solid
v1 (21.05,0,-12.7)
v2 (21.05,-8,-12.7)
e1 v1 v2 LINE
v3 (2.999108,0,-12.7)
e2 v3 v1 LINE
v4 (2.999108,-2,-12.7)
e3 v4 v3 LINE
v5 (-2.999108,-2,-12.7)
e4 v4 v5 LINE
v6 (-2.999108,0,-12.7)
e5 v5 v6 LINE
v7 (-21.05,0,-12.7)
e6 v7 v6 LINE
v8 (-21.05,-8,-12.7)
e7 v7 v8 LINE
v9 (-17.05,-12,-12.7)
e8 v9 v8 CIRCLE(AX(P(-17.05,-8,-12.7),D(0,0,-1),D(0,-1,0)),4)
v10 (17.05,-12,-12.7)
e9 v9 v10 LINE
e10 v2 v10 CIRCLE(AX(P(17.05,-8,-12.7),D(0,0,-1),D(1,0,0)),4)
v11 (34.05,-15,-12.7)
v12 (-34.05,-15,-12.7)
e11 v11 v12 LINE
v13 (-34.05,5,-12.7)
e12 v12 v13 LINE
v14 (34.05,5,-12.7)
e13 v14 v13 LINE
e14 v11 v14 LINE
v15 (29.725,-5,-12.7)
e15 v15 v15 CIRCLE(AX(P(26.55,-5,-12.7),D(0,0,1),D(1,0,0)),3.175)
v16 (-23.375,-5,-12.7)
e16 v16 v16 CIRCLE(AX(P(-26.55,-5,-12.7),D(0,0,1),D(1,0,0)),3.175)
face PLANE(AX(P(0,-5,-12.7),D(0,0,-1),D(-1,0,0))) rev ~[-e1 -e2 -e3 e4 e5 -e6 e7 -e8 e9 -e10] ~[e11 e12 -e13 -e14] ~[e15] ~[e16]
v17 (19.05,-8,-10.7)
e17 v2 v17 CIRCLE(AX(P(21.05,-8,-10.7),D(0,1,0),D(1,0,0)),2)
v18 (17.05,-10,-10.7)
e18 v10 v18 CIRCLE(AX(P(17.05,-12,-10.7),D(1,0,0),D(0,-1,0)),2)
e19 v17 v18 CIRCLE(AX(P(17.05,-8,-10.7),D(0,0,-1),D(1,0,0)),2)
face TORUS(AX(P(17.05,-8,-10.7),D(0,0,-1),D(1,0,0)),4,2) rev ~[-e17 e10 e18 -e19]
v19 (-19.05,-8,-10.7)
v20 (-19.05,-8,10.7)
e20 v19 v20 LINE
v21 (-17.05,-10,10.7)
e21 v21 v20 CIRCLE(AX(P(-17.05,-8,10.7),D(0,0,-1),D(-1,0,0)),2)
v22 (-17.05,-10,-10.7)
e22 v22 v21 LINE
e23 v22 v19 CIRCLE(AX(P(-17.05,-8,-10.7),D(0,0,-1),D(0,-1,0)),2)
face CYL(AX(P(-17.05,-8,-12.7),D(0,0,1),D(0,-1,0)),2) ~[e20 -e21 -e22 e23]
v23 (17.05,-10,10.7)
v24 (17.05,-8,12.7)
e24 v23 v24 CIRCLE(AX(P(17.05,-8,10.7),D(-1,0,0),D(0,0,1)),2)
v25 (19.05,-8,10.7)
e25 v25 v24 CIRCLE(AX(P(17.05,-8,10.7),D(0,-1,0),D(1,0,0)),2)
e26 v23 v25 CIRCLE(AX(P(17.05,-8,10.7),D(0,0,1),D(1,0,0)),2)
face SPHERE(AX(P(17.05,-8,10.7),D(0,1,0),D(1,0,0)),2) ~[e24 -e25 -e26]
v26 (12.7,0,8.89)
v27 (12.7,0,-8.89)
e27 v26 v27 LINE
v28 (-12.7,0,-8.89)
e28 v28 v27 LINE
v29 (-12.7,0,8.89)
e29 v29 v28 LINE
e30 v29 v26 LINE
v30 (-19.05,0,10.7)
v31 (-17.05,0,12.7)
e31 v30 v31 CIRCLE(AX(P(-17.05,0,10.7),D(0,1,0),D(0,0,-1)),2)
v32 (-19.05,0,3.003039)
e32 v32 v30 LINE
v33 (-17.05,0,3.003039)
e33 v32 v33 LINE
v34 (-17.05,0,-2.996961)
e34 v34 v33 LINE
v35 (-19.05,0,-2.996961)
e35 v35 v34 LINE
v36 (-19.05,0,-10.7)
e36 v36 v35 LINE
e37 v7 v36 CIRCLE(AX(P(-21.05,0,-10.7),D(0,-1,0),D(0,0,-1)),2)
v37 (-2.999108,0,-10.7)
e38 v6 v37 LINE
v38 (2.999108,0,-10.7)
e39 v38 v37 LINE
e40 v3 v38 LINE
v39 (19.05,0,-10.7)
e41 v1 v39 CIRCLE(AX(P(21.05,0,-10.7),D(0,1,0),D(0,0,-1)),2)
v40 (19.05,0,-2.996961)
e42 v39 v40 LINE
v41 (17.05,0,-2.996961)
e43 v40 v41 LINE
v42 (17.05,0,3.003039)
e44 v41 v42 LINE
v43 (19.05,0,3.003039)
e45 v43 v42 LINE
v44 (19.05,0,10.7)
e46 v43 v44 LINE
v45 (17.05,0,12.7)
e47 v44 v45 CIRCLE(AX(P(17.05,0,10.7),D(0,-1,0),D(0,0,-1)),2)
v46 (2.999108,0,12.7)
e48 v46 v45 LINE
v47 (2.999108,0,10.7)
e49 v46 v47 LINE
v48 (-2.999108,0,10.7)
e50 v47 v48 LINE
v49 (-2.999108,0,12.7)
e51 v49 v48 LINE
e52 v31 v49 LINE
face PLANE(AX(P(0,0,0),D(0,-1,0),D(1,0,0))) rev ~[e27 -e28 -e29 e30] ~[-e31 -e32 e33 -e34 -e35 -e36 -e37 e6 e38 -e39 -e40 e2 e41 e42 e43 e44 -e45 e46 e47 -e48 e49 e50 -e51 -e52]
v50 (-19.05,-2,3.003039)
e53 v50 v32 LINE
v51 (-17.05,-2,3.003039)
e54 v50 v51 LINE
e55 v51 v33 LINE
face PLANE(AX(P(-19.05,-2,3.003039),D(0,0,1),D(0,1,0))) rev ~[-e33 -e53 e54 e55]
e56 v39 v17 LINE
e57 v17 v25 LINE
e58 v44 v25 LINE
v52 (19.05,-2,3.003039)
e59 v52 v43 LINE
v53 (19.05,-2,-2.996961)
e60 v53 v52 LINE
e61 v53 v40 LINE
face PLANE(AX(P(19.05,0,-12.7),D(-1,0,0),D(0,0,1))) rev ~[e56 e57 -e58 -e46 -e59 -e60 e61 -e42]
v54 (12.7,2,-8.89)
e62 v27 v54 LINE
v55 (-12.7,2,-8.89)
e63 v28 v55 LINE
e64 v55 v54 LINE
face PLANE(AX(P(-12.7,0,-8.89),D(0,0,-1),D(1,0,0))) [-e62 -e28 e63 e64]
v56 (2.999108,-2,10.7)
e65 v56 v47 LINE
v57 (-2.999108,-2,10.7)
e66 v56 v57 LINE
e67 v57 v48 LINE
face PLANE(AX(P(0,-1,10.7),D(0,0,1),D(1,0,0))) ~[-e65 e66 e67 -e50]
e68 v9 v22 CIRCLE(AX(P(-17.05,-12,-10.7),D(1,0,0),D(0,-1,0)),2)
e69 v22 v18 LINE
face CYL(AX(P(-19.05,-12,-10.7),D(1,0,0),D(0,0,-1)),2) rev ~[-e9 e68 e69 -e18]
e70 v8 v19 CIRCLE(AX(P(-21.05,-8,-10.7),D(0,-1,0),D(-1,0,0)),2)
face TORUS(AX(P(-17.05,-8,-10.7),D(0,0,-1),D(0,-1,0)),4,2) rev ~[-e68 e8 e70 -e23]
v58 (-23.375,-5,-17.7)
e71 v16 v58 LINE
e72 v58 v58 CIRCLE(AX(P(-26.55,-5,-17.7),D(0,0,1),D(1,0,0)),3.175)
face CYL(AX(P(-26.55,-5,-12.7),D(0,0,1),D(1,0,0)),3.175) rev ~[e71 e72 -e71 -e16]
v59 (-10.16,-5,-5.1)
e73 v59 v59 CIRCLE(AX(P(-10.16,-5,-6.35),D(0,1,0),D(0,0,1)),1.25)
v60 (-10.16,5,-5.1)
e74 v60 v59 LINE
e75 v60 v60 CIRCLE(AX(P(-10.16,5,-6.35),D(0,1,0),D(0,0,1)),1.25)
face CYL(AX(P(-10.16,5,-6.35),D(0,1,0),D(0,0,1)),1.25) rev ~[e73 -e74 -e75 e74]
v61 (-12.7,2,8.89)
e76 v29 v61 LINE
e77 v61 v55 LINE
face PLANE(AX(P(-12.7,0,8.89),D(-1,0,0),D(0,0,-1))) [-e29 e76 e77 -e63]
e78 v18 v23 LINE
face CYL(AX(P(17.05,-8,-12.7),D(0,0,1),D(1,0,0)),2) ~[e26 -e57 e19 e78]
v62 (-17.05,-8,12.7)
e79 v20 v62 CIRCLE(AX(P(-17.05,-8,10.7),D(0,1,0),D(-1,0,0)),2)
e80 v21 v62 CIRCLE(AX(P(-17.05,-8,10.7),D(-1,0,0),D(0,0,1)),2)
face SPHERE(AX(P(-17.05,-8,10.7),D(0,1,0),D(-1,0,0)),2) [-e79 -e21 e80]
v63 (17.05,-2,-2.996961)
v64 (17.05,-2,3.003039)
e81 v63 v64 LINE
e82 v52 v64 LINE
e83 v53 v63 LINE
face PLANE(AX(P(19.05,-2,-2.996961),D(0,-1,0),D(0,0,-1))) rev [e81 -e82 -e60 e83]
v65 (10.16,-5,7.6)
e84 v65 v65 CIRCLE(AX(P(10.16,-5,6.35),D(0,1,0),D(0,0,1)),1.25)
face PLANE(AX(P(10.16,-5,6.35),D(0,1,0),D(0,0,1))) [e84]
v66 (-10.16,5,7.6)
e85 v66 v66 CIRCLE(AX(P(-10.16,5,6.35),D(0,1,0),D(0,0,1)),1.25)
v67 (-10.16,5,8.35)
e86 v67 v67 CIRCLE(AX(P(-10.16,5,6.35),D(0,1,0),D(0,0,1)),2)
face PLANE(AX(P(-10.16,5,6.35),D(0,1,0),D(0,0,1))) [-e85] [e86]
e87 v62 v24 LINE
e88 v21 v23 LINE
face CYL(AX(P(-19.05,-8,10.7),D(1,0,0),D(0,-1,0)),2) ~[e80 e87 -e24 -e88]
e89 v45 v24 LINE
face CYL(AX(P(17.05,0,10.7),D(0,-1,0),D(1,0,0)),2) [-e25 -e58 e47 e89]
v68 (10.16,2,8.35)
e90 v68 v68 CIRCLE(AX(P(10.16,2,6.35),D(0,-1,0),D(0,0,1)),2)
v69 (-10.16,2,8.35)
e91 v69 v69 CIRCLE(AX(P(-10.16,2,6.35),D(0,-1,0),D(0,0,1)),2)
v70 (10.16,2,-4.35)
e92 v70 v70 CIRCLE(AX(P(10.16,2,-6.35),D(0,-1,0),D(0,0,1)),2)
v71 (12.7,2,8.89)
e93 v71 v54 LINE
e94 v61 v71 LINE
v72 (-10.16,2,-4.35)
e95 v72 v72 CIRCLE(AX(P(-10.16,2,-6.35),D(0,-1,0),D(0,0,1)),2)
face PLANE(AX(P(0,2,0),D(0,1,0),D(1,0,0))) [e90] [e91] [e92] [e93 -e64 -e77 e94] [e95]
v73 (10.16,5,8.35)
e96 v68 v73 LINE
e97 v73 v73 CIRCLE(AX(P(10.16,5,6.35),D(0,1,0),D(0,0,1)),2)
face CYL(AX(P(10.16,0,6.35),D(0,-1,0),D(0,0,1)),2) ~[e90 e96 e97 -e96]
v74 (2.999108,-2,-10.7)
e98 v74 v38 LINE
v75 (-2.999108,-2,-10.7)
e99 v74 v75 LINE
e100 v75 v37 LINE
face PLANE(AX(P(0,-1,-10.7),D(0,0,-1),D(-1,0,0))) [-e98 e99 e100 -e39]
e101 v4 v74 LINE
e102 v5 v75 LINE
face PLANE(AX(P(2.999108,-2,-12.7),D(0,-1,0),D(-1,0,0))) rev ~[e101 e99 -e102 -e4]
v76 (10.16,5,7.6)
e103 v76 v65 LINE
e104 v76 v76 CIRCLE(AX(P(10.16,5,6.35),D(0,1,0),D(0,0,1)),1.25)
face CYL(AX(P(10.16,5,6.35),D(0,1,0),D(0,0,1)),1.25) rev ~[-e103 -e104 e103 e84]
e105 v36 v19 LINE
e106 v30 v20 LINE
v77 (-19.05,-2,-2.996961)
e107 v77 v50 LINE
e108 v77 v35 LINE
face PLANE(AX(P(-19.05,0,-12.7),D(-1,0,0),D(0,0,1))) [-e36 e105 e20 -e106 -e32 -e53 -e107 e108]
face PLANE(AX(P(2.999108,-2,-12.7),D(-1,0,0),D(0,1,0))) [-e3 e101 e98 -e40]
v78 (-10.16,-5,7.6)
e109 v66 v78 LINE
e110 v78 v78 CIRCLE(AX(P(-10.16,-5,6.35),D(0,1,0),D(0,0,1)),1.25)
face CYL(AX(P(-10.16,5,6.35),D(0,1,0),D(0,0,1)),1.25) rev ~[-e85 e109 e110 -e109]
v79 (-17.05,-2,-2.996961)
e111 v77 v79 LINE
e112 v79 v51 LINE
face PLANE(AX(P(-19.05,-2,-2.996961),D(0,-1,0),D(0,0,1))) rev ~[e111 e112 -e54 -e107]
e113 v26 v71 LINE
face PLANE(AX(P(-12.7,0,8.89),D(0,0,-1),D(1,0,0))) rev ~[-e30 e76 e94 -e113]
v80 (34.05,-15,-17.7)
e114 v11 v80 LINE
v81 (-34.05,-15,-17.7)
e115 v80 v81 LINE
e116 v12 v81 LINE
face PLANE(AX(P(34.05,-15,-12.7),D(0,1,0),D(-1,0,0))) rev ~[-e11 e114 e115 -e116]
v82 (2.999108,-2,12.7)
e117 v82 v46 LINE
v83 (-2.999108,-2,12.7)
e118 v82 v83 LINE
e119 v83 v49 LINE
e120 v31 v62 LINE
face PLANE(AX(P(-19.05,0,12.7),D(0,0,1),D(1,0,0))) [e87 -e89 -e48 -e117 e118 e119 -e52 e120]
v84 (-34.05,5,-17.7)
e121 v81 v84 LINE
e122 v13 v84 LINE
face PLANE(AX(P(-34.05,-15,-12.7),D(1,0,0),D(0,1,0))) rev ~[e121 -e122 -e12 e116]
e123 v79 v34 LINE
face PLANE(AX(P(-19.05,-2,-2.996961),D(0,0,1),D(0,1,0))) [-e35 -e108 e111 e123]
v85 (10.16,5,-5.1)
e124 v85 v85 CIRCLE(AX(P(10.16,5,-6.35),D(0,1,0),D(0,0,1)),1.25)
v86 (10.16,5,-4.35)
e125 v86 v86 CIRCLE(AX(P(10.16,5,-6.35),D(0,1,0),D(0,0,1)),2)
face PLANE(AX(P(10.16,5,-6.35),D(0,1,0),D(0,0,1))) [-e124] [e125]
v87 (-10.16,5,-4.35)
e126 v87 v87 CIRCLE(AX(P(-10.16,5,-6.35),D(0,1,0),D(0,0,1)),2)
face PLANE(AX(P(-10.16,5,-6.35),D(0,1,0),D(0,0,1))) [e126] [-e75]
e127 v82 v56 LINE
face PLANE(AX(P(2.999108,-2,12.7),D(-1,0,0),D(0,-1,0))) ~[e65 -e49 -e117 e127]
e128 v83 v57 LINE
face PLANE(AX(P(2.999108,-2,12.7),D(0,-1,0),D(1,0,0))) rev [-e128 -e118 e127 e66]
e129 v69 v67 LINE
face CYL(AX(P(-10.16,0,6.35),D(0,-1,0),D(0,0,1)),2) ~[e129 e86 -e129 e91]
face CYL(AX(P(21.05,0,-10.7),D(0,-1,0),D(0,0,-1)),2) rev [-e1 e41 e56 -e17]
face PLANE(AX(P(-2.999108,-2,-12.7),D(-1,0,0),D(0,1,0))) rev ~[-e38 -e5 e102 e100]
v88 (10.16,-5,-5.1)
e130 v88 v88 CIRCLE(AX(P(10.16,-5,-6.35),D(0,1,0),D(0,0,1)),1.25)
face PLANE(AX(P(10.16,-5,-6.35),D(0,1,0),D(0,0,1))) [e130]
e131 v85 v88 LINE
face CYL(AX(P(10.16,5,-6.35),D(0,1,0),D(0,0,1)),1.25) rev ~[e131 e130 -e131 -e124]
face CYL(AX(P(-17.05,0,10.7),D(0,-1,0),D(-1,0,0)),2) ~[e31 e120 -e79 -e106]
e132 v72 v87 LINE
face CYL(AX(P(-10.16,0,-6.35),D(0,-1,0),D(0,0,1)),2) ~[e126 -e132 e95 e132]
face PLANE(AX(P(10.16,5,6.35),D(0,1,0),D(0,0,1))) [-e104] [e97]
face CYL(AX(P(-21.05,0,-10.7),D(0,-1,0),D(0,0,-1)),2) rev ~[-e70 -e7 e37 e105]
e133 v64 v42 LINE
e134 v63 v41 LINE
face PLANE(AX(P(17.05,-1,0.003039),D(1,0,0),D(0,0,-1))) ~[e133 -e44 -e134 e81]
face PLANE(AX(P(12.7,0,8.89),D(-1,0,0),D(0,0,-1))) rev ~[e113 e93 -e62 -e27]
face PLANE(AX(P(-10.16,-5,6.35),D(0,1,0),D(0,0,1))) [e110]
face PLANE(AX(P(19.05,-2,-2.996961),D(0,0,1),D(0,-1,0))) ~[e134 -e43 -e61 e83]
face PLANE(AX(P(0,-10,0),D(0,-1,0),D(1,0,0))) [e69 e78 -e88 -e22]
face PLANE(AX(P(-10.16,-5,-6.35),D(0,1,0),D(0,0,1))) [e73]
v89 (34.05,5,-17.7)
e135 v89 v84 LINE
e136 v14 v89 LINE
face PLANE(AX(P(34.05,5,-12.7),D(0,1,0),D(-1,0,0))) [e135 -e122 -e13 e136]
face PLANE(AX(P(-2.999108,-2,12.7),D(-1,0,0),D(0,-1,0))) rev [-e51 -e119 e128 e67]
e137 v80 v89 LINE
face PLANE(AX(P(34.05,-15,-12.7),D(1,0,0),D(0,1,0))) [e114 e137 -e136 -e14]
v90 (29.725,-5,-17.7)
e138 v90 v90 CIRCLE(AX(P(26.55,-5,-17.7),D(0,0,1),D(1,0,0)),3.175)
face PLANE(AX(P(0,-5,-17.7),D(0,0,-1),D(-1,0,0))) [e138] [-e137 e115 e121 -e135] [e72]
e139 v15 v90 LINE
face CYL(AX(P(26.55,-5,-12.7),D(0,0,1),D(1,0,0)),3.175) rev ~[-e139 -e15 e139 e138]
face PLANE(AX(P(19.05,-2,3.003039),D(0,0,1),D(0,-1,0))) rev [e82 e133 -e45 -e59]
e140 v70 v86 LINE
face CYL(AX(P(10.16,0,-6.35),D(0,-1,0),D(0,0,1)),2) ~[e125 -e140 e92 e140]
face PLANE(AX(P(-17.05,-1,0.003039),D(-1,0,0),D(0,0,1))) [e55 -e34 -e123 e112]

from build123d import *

# Parameters (mm, degrees)
SKETCH1_R             = 2
BOSS_EXTRUDE1_DEPTH   = 5
BOSS_EXTRUDE1_2_DEPTH = 5
BOSS_EXTRUDE1_3_DEPTH = 5
BOSS_EXTRUDE1_4_DEPTH = 5
SKETCH3_W             = 38.1
SKETCH3_H             = 25.4
BOSS_EXTRUDE2_DEPTH   = 10
SKETCH4_W             = 25.4
SKETCH4_H             = 17.78
BOSS_EXTRUDE3_DEPTH   = 2
SKETCH2_R             = 1.25
CUT_EXTRUDE1_DEPTH    = 10
SKETCH6_W             = 5.998216144
SKETCH6_H             = 2
CUT_EXTRUDE3_DEPTH    = 2
SKETCH7_W             = 6
SKETCH7_H             = 2
CUT_EXTRUDE4_DEPTH    = 2
SKETCH8_W             = 68.1
SKETCH8_H             = 20
BOSS_EXTRUDE4_DEPTH   = 5
SKETCH9_R             = 3.175
CUT_EXTRUDE5_DEPTH    = 5
FILLET1_R             = 2


with BuildPart() as part:
    # Sketch1 → Boss-Extrude1 (new body)
    with BuildSketch(Plane(origin=(0, 0, 0), x_dir=(1, 0, 0), z_dir=(0, 1, 0))):
        with Locations(Location((-10.16, 6.35, 0), (0, 0, 270))):
            Circle(SKETCH1_R)
    extrude(amount=BOSS_EXTRUDE1_DEPTH)



with BuildPart() as body_2:
    # Sketch1 → Boss-Extrude1 2 (new body)
    with BuildSketch(Plane(origin=(0, 0, 0), x_dir=(1, 0, 0), z_dir=(0, 1, 0))):
        with Locations(Location((10.16, 6.35, 0), (0, 0, 270))):
            Circle(SKETCH1_R)
    extrude(amount=BOSS_EXTRUDE1_2_DEPTH)


with BuildPart() as body_3:
    # Sketch1 → Boss-Extrude1 3 (new body)
    with BuildSketch(Plane(origin=(0, 0, 0), x_dir=(1, 0, 0), z_dir=(0, 1, 0))):
        with Locations(Location((10.16, -6.35, 0), (0, 0, 270))):
            Circle(SKETCH1_R)
    extrude(amount=BOSS_EXTRUDE1_3_DEPTH)


with BuildPart() as body_4:
    # Sketch1 → Boss-Extrude1 4 (new body)
    with BuildSketch(Plane(origin=(0, 0, 0), x_dir=(1, 0, 0), z_dir=(0, 1, 0))):
        with Locations(Location((-10.16, -6.35, 0), (0, 0, 270))):
            Circle(SKETCH1_R)
    extrude(amount=BOSS_EXTRUDE1_4_DEPTH)


with BuildPart() as part_1:
    add(part.part)

    add(body_2.part)  # Boss-Extrude2 merges body 2

    add(body_3.part)  # Boss-Extrude2 merges body 3

    add(body_4.part)  # Boss-Extrude2 merges body 4
    # Sketch3 → Boss-Extrude2 (add)
    with BuildSketch(Plane.XZ):
        Rectangle(SKETCH3_W, SKETCH3_H)
    extrude(amount=BOSS_EXTRUDE2_DEPTH)

    # Sketch4 → Boss-Extrude3 (add)
    with BuildSketch(Plane(origin=(0, 0, 0), x_dir=(1, 0, 0), z_dir=(0, 1, 0))):
        Rectangle(SKETCH4_W, SKETCH4_H)
    extrude(amount=BOSS_EXTRUDE3_DEPTH)

    # Sketch2 → Cut-Extrude1 (cut)
    with BuildSketch(Plane(origin=(0, 5, 0), x_dir=(1, 0, 0), z_dir=(0, 1, 0))):
        with Locations(Location((-10.16, 6.35, 0), (0, 0, 270))):
            Circle(SKETCH2_R)
        with Locations(Location((10.16, 6.35, 0), (0, 0, 270))):
            Circle(SKETCH2_R)
        with Locations(Location((10.16, -6.35, 0), (0, 0, 270))):
            Circle(SKETCH2_R)
        with Locations(Location((-10.16, -6.35, 0), (0, 0, 270))):
            Circle(SKETCH2_R)
    extrude(amount=-CUT_EXTRUDE1_DEPTH, mode=Mode.SUBTRACT)

    # Sketch6 → Cut-Extrude3 (cut)
    with BuildSketch(Plane(origin=(0, 0, -12.7), x_dir=(-1, 0, 0), z_dir=(0, 0, -1))):
        with Locations((0, -1)):
            Rectangle(SKETCH6_W, SKETCH6_H)
    cut_extrude3 = extrude(amount=-CUT_EXTRUDE3_DEPTH, mode=Mode.SUBTRACT)

    # Mirror1: Cut-Extrude3 across plane
    add(cut_extrude3.mirror(Plane.XY), mode=Mode.SUBTRACT)

    # Sketch7 → Cut-Extrude4 (cut)
    with BuildSketch(Plane.ZY.offset(19.05)):
        with Locations((0.00303896, -1)):
            Rectangle(SKETCH7_W, SKETCH7_H)
    cut_extrude4 = extrude(amount=-CUT_EXTRUDE4_DEPTH, mode=Mode.SUBTRACT)

    # Mirror2: Cut-Extrude4 across plane
    add(cut_extrude4.mirror(Plane(origin=(0, 0, 0), x_dir=(0, 0, 1), z_dir=(1, 0, 0))), mode=Mode.SUBTRACT)

    # Sketch8 → Boss-Extrude4 (add)
    with BuildSketch(Plane(origin=(0, 0, -12.7), x_dir=(-1, 0, 0), z_dir=(0, 0, -1))):
        with Locations((0, -5)):
            Rectangle(SKETCH8_W, SKETCH8_H)
    extrude(amount=BOSS_EXTRUDE4_DEPTH)

    # Sketch9 → Cut-Extrude5 (cut)
    with BuildSketch(Plane.XY.offset(-12.7)):
        with Locations((-26.55, -5)):
            Circle(SKETCH9_R)
        with Locations((26.55, -5)):
            Circle(SKETCH9_R)
    extrude(amount=-CUT_EXTRUDE5_DEPTH, mode=Mode.SUBTRACT)

    # Fillet1
    fillet1_edges = [part_1.edges().sort_by_distance(p)[0] for p in [
        (-19.05, -5, 12.7),
        (-19.05, -5, -12.7),
        (19.05, -5, -12.7),
        (19.05, -5, 12.7),
        (-19.05, -10, 0),
        (0, -10, -12.7),
        (19.05, -10, 0),
        (0, -10, 12.7),
    ]]
    fillet(fillet1_edges, radius=FILLET1_R)


solid = part_1.part
